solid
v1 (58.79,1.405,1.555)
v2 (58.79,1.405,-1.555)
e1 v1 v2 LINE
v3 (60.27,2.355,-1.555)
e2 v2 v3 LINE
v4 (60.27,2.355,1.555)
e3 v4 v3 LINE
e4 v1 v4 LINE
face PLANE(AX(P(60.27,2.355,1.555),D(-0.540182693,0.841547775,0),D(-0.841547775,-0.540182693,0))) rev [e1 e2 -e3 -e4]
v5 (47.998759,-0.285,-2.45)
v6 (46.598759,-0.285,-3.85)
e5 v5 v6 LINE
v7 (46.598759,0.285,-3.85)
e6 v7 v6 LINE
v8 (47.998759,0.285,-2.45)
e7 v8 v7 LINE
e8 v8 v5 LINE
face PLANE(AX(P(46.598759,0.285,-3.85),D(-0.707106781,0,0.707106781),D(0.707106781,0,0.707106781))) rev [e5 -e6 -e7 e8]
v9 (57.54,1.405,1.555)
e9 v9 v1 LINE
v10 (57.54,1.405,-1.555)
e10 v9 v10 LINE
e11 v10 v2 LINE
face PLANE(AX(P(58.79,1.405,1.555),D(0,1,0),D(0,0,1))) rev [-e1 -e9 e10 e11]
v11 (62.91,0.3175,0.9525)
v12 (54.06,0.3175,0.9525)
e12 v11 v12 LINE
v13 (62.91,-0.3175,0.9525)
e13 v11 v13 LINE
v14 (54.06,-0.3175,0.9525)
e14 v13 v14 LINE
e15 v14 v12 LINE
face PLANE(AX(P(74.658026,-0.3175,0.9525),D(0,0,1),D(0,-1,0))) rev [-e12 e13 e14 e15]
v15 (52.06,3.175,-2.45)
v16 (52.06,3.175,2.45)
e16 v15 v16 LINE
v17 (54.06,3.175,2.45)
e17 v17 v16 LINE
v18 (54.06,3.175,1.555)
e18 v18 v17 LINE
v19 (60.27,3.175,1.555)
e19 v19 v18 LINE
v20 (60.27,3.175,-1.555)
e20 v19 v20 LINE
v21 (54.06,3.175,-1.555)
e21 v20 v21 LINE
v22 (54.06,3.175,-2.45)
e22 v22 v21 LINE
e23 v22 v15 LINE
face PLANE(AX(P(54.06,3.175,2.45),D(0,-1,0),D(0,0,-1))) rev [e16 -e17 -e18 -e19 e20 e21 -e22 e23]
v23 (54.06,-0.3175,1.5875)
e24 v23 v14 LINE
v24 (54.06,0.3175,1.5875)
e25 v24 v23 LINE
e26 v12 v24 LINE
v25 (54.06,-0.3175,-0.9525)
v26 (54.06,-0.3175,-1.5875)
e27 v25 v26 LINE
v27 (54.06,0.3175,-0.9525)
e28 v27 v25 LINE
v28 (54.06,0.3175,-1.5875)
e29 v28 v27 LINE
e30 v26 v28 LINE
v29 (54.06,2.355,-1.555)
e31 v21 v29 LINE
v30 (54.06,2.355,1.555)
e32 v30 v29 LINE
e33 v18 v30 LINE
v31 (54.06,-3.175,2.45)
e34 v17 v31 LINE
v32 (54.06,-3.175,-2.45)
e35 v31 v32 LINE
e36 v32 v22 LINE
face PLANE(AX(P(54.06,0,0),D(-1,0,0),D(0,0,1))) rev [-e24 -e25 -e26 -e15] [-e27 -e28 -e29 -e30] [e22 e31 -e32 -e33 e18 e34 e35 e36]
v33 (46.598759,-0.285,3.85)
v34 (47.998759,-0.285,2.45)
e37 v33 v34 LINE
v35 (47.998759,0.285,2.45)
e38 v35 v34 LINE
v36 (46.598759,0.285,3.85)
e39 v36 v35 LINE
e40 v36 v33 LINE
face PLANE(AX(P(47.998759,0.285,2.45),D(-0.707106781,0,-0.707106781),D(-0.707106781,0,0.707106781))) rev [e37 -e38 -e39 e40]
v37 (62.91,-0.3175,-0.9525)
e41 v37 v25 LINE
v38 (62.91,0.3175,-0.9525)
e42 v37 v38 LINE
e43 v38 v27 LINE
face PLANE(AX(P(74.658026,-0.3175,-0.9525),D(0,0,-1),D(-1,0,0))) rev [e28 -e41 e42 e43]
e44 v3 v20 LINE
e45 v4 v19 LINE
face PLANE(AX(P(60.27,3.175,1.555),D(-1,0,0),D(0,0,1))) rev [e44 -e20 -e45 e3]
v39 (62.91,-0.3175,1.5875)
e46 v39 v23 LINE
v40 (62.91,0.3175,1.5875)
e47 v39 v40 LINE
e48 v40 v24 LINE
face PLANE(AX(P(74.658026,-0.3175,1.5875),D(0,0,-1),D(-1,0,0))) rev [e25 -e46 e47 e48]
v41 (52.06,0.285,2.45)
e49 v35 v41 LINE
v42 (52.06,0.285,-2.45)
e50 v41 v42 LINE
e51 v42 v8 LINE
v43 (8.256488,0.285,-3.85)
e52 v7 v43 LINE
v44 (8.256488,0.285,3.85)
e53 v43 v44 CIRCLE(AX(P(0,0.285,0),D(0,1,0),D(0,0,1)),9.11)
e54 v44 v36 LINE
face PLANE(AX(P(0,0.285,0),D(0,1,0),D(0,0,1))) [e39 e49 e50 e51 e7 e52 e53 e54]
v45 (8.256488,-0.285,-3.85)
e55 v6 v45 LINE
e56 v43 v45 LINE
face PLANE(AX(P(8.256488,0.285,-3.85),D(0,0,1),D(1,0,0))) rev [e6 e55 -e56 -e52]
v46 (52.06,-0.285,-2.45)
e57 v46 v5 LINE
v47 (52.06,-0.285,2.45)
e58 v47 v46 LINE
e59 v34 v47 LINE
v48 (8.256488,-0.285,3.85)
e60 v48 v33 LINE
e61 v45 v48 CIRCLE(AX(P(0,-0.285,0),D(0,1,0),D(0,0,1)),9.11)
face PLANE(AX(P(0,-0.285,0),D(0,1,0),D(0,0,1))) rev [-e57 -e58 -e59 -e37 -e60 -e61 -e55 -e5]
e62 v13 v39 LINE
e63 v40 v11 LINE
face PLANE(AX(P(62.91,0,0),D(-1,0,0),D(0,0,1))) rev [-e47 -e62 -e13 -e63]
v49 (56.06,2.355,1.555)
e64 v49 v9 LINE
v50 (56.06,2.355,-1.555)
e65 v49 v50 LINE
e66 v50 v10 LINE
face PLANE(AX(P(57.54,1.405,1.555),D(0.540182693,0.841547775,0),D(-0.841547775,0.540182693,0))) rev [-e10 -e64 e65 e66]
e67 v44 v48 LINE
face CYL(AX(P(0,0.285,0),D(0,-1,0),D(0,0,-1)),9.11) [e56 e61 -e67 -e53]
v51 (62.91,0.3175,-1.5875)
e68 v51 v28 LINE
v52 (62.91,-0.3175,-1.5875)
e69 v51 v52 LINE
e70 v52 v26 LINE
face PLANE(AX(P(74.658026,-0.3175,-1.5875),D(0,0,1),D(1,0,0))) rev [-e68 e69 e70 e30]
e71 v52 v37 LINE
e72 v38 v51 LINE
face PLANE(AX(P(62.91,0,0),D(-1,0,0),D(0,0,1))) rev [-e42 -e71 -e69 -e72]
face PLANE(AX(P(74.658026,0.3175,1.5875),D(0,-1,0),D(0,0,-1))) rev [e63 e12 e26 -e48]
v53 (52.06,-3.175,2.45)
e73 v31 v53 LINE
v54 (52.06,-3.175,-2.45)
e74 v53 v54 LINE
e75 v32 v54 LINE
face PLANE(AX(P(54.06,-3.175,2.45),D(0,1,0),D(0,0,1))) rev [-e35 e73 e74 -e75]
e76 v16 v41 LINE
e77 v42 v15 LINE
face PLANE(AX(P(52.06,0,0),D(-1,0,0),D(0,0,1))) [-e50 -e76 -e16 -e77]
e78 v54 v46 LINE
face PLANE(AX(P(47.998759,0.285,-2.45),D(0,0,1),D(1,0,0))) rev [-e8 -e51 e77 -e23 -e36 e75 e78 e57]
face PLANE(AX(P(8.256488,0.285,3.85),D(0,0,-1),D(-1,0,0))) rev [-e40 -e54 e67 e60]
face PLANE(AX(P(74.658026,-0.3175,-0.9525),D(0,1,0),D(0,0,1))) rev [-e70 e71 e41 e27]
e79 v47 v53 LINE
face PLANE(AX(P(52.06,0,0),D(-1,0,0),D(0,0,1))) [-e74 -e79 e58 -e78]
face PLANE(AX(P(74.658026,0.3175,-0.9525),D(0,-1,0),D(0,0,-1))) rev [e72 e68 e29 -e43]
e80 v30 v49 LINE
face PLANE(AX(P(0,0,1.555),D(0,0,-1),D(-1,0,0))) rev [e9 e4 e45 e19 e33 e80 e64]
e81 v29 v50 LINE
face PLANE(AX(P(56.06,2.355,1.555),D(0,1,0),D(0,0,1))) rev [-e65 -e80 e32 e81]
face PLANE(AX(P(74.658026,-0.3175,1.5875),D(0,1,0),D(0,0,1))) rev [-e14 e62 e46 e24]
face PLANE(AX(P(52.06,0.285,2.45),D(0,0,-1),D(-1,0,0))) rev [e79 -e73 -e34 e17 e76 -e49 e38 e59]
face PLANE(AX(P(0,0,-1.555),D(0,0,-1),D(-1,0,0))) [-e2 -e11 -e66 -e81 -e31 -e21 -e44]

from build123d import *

# Parameters (mm, degrees)
BOSS_EXTRUDE1_DEPTH = 0.285
SKETCH2_W           = 4.9
SKETCH2_H           = 6.35
BOSS_EXTRUDE2_DEPTH = 2
BOSS_EXTRUDE3_DEPTH = 1.555
SKETCH4_W           = 0.635
SKETCH4_H           = 0.635
BOSS_EXTRUDE4_DEPTH = 8.85


with BuildPart() as part:
    # Sketch1 → Boss-Extrude1 (new, symmetric)
    with BuildSketch(Plane(origin=(0, 0, 0), x_dir=(1, 0, 0), z_dir=(0, 1, 0))):
        with BuildLine():
            Line((8.256488358, 3.85), (46.598758561, 3.85))
            Line((46.598758561, 3.85), (47.998758561, 2.45))
            Line((47.998758561, 2.45), (52.06, 2.45))
            Line((52.06, 2.45), (52.06, -2.45))
            Line((52.06, -2.45), (47.998758561, -2.45))
            Line((47.998758561, -2.45), (46.598758561, -3.85))
            Line((46.598758561, -3.85), (8.256488358, -3.85))
            ThreePointArc((8.256488358, -3.85), (-9.11, 0), (8.256488358, 3.85))
        make_face()
    extrude(amount=BOSS_EXTRUDE1_DEPTH, both=True)

    # Sketch2 → Boss-Extrude2 (add)
    with BuildSketch(Plane(origin=(52.06, 0, 0), x_dir=(0, 0, -1), z_dir=(1, 0, 0))):
        Rectangle(SKETCH2_W, SKETCH2_H)
    extrude(amount=BOSS_EXTRUDE2_DEPTH)

    # Sketch3 → Boss-Extrude3 (add, symmetric)
    with BuildSketch(Plane.XY):
        Polygon((54.06, 3.175), (60.27, 3.175), (60.27, 2.355), (58.79, 1.405), (57.54, 1.405), (56.06, 2.355), (54.06, 2.355), align=None)
    extrude(amount=BOSS_EXTRUDE3_DEPTH, both=True)

    # Sketch4 → Boss-Extrude4 (add)
    with BuildSketch(Plane(origin=(54.06, 0, 0), x_dir=(0, 0, -1), z_dir=(1, 0, 0))):
        with Locations((-1.27, 0)):
            Rectangle(SKETCH4_W, SKETCH4_H)
        with Locations((1.27, 0)):
            Rectangle(SKETCH4_W, SKETCH4_H)
    extrude(amount=BOSS_EXTRUDE4_DEPTH)


solid = part.part
